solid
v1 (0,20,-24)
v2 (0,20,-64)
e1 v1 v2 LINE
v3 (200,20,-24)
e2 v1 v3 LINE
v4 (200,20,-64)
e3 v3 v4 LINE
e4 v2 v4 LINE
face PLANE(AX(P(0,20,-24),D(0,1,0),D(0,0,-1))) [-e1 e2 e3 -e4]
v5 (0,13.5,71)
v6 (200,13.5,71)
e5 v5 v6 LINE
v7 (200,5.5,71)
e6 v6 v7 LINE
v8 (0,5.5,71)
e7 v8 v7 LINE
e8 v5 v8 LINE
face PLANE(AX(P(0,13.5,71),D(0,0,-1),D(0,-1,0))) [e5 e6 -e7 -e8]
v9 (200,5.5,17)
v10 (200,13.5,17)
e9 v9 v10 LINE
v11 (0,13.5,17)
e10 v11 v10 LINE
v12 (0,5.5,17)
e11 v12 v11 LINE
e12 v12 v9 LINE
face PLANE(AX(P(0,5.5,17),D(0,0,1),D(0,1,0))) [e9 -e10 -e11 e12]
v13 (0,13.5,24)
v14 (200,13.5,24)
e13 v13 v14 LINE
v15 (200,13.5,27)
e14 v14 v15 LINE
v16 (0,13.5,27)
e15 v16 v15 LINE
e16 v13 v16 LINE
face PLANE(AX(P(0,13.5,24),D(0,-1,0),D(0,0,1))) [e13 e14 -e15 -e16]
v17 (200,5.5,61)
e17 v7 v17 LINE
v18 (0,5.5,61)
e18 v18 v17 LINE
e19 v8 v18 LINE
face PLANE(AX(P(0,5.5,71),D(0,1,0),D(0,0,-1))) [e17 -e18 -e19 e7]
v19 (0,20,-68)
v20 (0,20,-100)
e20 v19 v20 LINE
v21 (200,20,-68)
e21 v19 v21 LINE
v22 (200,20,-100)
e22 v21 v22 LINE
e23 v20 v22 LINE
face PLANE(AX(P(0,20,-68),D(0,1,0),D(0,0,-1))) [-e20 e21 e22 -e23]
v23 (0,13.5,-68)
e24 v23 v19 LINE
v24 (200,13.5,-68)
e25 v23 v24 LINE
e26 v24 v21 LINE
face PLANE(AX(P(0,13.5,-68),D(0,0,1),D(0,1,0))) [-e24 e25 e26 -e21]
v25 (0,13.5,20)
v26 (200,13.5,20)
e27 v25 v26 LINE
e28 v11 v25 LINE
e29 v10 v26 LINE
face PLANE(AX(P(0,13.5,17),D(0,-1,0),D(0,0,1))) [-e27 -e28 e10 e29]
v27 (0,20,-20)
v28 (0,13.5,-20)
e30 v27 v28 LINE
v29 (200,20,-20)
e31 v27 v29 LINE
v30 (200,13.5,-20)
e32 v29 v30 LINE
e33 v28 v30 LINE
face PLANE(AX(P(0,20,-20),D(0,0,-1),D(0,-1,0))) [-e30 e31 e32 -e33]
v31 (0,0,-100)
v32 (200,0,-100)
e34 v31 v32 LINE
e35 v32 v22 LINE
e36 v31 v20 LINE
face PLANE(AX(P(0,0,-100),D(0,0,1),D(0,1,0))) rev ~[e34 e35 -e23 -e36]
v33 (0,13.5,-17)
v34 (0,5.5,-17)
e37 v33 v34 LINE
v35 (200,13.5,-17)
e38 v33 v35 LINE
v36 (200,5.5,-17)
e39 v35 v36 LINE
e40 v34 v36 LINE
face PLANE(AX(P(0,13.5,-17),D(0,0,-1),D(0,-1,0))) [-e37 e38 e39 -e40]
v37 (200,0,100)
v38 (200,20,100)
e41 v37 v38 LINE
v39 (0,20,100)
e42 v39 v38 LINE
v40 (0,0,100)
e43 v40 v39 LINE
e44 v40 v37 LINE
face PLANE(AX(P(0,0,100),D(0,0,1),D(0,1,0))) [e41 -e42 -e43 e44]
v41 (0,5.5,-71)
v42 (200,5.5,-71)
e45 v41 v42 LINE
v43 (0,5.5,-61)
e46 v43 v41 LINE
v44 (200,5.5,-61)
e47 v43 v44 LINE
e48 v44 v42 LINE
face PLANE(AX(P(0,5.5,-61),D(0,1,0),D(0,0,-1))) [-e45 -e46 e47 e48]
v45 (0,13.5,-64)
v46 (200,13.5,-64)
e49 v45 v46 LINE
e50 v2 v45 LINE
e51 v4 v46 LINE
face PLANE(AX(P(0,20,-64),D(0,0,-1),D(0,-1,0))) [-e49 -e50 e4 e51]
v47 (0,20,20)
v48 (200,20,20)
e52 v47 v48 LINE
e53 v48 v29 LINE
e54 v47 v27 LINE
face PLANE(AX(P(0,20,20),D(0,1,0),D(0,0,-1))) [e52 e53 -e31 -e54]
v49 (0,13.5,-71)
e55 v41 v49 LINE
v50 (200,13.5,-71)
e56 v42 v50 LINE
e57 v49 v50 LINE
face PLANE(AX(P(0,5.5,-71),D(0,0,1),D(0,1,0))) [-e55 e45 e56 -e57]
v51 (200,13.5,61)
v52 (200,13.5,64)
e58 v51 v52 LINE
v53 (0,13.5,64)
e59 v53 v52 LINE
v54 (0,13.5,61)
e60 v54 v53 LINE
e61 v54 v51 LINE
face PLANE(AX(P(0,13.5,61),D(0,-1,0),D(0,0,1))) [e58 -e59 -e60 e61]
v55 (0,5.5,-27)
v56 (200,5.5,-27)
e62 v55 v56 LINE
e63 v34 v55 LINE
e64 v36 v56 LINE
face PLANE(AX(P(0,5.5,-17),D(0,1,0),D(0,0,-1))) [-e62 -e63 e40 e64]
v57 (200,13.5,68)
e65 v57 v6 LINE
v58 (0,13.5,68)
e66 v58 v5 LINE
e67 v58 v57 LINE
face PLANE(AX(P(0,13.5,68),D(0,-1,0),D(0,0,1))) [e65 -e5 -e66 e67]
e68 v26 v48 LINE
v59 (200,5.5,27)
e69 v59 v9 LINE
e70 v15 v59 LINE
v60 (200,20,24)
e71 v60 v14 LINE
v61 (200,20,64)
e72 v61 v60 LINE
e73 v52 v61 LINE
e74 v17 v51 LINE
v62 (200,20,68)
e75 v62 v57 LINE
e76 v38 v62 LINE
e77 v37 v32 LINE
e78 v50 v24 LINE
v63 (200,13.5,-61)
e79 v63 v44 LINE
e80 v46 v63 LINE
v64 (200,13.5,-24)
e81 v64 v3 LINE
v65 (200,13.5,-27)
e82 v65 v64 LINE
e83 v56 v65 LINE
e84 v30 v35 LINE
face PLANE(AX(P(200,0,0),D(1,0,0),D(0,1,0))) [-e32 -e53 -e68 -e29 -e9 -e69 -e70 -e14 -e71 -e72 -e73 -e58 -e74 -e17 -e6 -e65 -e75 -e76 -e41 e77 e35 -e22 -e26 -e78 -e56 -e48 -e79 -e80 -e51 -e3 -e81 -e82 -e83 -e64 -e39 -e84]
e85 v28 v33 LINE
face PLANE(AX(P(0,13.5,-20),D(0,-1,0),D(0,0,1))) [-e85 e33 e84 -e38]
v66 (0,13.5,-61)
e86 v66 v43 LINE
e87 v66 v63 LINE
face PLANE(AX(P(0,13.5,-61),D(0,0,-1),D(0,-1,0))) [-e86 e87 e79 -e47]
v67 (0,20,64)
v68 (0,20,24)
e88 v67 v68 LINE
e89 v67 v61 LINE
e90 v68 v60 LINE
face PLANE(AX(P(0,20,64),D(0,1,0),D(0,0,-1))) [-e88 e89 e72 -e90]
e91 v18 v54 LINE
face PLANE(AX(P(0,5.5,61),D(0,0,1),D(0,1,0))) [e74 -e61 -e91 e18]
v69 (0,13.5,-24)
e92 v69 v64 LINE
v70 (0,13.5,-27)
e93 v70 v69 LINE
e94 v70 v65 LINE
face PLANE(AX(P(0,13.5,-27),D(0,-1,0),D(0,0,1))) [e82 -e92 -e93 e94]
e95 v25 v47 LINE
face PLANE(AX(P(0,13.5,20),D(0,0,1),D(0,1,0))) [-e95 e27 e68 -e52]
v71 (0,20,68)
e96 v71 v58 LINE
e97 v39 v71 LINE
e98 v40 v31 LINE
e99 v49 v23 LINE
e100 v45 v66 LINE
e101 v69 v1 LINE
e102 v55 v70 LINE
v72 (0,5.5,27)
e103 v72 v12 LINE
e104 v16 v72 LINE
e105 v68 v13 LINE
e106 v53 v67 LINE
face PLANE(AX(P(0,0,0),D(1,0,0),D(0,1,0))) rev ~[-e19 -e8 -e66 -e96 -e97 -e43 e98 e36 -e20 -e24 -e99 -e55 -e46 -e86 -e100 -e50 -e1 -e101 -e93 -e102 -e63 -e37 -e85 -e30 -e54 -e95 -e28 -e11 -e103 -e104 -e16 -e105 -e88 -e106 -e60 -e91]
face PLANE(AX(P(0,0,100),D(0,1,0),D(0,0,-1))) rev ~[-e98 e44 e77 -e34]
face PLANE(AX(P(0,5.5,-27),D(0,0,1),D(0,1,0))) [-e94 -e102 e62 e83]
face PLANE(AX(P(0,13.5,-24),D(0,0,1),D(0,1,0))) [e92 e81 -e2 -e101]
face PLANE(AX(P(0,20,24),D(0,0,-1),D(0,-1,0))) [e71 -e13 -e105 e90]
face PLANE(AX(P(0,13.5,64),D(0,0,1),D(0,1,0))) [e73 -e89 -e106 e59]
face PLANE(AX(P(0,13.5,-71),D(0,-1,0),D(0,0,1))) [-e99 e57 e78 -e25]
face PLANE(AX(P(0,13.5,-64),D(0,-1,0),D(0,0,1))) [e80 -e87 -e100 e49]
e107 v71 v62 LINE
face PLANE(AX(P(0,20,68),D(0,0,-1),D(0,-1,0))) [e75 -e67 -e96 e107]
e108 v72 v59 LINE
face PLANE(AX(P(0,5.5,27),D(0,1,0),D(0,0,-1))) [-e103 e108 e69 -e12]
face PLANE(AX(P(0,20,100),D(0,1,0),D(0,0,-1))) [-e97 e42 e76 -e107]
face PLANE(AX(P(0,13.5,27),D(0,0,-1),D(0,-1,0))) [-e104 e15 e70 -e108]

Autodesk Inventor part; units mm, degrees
ref_plane "YZ Plane" through (0, 0, 0) normal (1, 0, 0) x (0, 1, 0)
ref_plane "XZ Plane" through (0, 0, 0) normal (0, 1, 0) x (-1, 0, 0)
ref_plane "XY Plane" through (0, 0, 0) normal (0, 0, 1) x (1, 0, 0)
sketch "Sketch1" plane through (0, 0, 0) normal (1, 0, 0) x (0, 1, 0)
  line L0 (0, 100) -> (0, -100)
  line L1 (0, 100) -> (20, 100)
  line L2 (20, 100) -> (20, 68)
  line L3 (20, 68) -> (13.5, 68)
  line L4 (13.5, 68) -> (13.5, 71)
  line L5 (13.5, 71) -> (5.5, 71)
  line L6 (5.5, 71) -> (5.5, 61)
  line L7 (5.5, 61) -> (13.5, 61)
  line L8 (13.5, 61) -> (13.5, 64)
  line L9 (13.5, 64) -> (20, 64)
  line L10 (20, 64) -> (20, 24)
  line L11 (20, 24) -> (13.5, 24)
  line L12 (13.5, 24) -> (13.5, 27)
  line L13 (13.5, 27) -> (5.5, 27)
  line L14 (5.5, 27) -> (5.5, 17)
  line L15 (5.5, 17) -> (13.5, 17)
  line L16 (13.5, 17) -> (13.5, 20)
  line L17 (13.5, 20) -> (20, 20)
  line L18 (20, 20) -> (20, -20)
  line L19 (20, -20) -> (13.5, -20)
  line L20 (13.5, -20) -> (13.5, -17)
  line L21 (13.5, -17) -> (5.5, -17)
  line L22 (5.5, -17) -> (5.5, -27)
  line L23 (5.5, -27) -> (13.5, -27)
  line L24 (13.5, -27) -> (13.5, -24)
  line L25 (13.5, -24) -> (20, -24)
  line L26 (20, -24) -> (20, -64)
  line L27 (20, -64) -> (13.5, -64)
  line L28 (13.5, -64) -> (13.5, -61)
  line L29 (13.5, -61) -> (5.5, -61)
  line L30 (5.5, -61) -> (5.5, -71)
  line L31 (5.5, -71) -> (13.5, -71)
  line L32 (13.5, -71) -> (13.5, -68)
  line L33 (13.5, -68) -> (20, -68)
  line L34 (20, -68) -> (20, -100)
  line L35 (0, -100) -> (20, -100)
  point P0 (0, 0)
  dimension "d0" = 200
  dimension "d1" = 100
  dimension "d2" = 20
  dimension "d3" = 32
  dimension "d4" = 6.5
  dimension "d5" = 3
  dimension "d6" = 8
  dimension "d7" = 10
  dimension "d8" = 8
  dimension "d9" = 3
  dimension "d10" = 6.5
  dimension "d11" = 40
  dimension "d12" = 6.5
  dimension "d13" = 3
  dimension "d14" = 8
  dimension "d15" = 10
  dimension "d16" = 8
  dimension "d17" = 3
  dimension "d18" = 6.5
  dimension "d19" = 40
  dimension "d20" = 6.5
  dimension "d21" = 3
  dimension "d22" = 8
  dimension "d23" = 10
  dimension "d24" = 8
  dimension "d25" = 3
  dimension "d26" = 6.5
  dimension "d27" = 40
  dimension "d28" = 6.5
  dimension "d29" = 3
  dimension "d30" = 8
  dimension "d31" = 10
  dimension "d32" = 8
  dimension "d33" = 3
  dimension "d34" = 6.5
  dimension "d35" = 32
  dimension "d36" = 20
  dimension "d37" = 7
  dimension "d38" = 83
  dimension "d39" = 34
  dimension "d40" = 142
  dimension "d41" = 20
  dimension "d42" = 17
  dimension "d43" = 20
  dimension "d44" = 24
extrude "Extrusion1" add sketch "Sketch1" along normal blind 200
properties part number "T-SLOT TABLE"
